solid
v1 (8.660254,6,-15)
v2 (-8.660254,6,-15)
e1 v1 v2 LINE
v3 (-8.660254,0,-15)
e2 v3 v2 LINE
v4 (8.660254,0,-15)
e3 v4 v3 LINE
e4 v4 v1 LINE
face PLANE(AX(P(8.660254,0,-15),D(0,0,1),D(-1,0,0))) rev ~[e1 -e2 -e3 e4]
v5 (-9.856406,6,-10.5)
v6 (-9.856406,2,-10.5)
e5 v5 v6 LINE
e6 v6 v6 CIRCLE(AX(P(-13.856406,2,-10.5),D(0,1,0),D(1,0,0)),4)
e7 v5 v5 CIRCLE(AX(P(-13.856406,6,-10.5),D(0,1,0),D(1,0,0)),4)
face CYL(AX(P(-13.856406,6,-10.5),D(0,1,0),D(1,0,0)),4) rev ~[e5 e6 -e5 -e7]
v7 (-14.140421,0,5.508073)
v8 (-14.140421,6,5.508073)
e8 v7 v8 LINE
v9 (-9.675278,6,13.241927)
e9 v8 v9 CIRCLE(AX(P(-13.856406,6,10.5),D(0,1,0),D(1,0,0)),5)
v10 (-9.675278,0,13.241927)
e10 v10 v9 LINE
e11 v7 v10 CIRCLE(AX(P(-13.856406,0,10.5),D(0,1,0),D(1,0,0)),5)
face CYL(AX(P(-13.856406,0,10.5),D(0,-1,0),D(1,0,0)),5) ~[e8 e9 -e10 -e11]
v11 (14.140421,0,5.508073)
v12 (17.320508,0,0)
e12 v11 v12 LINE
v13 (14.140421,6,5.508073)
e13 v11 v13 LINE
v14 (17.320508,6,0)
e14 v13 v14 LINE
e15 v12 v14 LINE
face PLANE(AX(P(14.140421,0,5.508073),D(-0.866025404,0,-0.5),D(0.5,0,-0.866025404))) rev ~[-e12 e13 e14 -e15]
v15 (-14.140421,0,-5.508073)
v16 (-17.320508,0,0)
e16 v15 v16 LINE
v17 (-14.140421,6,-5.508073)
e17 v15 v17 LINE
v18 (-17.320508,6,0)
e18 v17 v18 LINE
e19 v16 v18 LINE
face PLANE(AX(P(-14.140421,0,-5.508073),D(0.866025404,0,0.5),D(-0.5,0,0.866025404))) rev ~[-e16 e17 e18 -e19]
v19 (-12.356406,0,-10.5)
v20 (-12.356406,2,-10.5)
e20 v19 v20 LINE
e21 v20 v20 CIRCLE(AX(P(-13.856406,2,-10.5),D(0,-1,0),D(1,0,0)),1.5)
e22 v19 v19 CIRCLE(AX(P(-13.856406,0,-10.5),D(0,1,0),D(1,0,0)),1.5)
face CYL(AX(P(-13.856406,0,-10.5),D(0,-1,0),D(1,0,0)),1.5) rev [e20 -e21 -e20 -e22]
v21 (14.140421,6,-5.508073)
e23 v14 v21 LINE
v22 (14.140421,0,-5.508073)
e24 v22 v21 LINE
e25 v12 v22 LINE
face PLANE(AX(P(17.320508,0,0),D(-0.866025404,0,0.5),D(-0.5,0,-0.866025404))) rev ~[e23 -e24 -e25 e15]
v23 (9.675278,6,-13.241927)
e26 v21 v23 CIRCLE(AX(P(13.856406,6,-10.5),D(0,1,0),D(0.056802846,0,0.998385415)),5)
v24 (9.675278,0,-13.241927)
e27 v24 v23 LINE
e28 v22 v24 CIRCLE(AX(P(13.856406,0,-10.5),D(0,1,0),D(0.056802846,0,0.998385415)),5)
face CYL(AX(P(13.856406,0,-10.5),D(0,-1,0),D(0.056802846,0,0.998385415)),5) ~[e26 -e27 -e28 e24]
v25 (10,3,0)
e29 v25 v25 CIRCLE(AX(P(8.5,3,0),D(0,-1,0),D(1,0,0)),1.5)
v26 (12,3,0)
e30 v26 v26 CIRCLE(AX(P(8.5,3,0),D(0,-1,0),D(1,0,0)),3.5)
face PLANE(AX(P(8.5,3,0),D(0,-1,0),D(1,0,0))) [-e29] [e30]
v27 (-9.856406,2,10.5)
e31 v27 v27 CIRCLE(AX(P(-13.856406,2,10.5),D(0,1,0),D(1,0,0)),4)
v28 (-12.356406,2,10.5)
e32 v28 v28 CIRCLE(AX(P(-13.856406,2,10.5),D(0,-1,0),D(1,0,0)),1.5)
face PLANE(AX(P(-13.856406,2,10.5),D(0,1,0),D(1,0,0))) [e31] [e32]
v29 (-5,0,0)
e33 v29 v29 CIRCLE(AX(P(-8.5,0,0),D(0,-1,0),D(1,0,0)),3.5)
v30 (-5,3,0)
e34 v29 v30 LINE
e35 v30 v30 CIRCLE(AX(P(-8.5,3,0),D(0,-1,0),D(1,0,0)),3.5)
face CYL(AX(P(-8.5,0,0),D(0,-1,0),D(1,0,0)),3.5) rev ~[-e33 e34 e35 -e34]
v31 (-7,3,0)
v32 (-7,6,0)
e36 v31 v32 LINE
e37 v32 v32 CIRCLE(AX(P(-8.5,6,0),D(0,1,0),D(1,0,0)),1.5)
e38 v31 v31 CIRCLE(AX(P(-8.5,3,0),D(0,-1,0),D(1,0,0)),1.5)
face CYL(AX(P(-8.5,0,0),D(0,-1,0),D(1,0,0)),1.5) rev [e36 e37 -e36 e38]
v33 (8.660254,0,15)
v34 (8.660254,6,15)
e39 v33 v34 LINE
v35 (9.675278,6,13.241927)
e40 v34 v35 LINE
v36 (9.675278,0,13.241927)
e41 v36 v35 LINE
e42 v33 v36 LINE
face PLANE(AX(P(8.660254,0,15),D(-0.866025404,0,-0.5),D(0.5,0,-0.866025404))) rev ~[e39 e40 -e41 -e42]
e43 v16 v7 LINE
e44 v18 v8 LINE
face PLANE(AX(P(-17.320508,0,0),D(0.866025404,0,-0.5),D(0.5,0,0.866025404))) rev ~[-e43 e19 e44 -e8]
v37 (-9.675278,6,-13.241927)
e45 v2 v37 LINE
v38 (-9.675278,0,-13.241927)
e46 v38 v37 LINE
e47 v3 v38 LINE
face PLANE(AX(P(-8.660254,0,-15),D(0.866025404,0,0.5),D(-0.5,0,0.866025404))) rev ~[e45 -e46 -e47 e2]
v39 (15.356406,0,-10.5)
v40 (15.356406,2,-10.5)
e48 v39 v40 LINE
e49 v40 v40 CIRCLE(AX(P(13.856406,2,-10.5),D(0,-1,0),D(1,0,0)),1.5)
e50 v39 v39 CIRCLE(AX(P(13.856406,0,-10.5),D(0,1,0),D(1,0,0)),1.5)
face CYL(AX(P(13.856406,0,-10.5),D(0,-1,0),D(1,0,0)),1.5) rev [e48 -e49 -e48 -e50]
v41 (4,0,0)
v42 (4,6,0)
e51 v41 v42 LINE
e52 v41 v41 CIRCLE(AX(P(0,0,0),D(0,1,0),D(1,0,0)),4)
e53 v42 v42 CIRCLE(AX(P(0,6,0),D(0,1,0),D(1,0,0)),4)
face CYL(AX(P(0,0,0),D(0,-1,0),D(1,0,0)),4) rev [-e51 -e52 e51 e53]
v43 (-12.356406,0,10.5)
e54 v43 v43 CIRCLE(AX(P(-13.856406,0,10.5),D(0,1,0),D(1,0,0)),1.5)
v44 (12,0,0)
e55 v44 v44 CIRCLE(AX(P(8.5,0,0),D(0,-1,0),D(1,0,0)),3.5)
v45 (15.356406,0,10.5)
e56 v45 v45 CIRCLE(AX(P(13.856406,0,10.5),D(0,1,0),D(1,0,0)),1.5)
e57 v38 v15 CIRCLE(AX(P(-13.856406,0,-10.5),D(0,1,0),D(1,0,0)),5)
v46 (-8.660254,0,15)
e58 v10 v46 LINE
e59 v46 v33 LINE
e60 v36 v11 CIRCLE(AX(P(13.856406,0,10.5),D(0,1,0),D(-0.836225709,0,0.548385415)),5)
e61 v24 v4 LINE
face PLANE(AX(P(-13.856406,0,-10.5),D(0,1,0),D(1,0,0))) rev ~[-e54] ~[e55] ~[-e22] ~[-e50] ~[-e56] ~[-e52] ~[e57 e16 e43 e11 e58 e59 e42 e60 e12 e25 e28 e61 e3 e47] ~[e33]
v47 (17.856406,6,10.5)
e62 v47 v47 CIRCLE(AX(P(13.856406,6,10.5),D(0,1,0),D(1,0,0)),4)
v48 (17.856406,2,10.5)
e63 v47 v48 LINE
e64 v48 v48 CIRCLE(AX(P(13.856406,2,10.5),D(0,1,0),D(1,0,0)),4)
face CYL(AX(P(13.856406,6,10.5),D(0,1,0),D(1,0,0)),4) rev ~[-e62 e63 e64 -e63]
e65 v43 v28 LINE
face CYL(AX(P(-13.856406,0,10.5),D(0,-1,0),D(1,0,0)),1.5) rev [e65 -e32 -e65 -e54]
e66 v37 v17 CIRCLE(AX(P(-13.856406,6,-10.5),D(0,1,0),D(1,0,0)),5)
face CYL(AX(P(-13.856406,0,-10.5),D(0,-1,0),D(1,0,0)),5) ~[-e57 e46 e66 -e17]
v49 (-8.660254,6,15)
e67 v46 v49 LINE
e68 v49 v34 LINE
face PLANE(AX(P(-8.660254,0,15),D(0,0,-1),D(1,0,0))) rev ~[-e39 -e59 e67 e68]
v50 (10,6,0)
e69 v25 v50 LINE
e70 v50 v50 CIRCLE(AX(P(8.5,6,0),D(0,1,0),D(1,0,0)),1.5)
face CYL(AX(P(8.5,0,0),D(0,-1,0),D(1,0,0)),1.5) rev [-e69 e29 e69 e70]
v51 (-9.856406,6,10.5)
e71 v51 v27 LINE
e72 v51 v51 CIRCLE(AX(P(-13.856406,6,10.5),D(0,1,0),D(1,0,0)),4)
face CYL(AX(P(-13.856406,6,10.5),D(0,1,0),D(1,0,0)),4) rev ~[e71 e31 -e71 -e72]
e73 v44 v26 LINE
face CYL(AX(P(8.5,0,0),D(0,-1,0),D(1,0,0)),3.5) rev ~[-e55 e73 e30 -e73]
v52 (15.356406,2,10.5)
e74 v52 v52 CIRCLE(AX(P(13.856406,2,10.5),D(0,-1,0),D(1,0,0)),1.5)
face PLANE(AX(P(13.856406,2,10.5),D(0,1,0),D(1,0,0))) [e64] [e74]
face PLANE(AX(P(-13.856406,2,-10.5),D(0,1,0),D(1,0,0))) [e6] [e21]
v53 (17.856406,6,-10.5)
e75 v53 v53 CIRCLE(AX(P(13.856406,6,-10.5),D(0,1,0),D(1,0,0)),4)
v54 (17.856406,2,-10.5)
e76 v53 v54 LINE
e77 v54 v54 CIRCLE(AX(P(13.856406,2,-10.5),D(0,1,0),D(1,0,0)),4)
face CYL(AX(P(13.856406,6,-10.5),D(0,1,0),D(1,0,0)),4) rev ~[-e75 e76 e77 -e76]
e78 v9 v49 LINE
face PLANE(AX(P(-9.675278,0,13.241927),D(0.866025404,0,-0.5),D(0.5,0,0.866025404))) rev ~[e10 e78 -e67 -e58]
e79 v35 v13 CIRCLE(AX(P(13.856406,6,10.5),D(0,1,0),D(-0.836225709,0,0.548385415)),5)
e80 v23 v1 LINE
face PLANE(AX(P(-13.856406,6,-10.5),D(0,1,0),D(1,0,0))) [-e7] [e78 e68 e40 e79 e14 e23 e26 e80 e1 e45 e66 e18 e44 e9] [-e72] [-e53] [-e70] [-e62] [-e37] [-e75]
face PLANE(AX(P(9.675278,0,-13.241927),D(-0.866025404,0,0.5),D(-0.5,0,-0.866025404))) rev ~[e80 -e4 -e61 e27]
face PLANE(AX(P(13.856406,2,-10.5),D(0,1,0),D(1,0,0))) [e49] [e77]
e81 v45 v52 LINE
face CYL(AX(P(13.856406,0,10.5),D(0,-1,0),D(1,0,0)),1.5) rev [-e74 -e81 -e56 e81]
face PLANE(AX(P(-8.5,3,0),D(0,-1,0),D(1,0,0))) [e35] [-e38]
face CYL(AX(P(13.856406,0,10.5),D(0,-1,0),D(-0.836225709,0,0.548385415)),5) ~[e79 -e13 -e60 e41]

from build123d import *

# Parameters (mm, degrees)
SKETCH2_R           = 5
SKETCH2_R_2         = 1.5
SKETCH2_R_3         = 4
BOSS_EXTRUDE1_DEPTH = 6
SKETCH3_R           = 3.5
CUT_EXTRUDE3_DEPTH  = 3
SKETCH4_R           = 4
CUT_EXTRUDE4_DEPTH  = 4


with BuildPart() as part:
    # Sketch2 → Boss-Extrude1 (new body)
    with BuildSketch(Plane(origin=(0, 0, 0), x_dir=(1, 0, 0), z_dir=(0, 1, 0))):
        with Locations((-13.856406461, 10.5)):
            Circle(SKETCH2_R)
        with Locations((-13.856406461, 10.5)):
            Circle(SKETCH2_R_2, mode=Mode.SUBTRACT)
        with Locations((13.856406461, 10.5)):
            Circle(SKETCH2_R)
        with Locations((13.856406461, 10.5)):
            Circle(SKETCH2_R_2, mode=Mode.SUBTRACT)
        with Locations((13.856406461, -10.5)):
            Circle(SKETCH2_R)
        with Locations((13.856406461, -10.5)):
            Circle(SKETCH2_R_2, mode=Mode.SUBTRACT)
        with Locations((-13.856406461, -10.5)):
            Circle(SKETCH2_R)
        with Locations((-13.856406461, -10.5)):
            Circle(SKETCH2_R_2, mode=Mode.SUBTRACT)
        Polygon((17.320508076, 0), (8.660254038, 15), (-8.660254038, 15), (-17.320508076, 0), (-8.660254038, -15), (8.660254038, -15), align=None)
        Circle(SKETCH2_R_3, mode=Mode.SUBTRACT)
        with Locations((8.5, 0)):
            Circle(SKETCH2_R_2, mode=Mode.SUBTRACT)
        with Locations((-8.5, 0)):
            Circle(SKETCH2_R_2, mode=Mode.SUBTRACT)
    extrude(amount=BOSS_EXTRUDE1_DEPTH)

    # Sketch3 → Cut-Extrude3 (cut)
    with BuildSketch(Plane.XZ):
        with Locations((-8.5, 0)):
            Circle(SKETCH3_R)
        with Locations((8.5, 0)):
            Circle(SKETCH3_R)
    extrude(amount=-CUT_EXTRUDE3_DEPTH, mode=Mode.SUBTRACT)

    # Sketch4 → Cut-Extrude4 (cut)
    with BuildSketch(Plane(origin=(0, 6, 0), x_dir=(1, 0, 0), z_dir=(0, 1, 0))):
        with Locations((-13.856406461, 10.5)):
            Circle(SKETCH4_R)
        with Locations((13.856406461, 10.5)):
            Circle(SKETCH4_R)
        with Locations((-13.856406461, -10.5)):
            Circle(SKETCH4_R)
        with Locations((13.856406461, -10.5)):
            Circle(SKETCH4_R)
    extrude(amount=-CUT_EXTRUDE4_DEPTH, mode=Mode.SUBTRACT)


solid = part.part
